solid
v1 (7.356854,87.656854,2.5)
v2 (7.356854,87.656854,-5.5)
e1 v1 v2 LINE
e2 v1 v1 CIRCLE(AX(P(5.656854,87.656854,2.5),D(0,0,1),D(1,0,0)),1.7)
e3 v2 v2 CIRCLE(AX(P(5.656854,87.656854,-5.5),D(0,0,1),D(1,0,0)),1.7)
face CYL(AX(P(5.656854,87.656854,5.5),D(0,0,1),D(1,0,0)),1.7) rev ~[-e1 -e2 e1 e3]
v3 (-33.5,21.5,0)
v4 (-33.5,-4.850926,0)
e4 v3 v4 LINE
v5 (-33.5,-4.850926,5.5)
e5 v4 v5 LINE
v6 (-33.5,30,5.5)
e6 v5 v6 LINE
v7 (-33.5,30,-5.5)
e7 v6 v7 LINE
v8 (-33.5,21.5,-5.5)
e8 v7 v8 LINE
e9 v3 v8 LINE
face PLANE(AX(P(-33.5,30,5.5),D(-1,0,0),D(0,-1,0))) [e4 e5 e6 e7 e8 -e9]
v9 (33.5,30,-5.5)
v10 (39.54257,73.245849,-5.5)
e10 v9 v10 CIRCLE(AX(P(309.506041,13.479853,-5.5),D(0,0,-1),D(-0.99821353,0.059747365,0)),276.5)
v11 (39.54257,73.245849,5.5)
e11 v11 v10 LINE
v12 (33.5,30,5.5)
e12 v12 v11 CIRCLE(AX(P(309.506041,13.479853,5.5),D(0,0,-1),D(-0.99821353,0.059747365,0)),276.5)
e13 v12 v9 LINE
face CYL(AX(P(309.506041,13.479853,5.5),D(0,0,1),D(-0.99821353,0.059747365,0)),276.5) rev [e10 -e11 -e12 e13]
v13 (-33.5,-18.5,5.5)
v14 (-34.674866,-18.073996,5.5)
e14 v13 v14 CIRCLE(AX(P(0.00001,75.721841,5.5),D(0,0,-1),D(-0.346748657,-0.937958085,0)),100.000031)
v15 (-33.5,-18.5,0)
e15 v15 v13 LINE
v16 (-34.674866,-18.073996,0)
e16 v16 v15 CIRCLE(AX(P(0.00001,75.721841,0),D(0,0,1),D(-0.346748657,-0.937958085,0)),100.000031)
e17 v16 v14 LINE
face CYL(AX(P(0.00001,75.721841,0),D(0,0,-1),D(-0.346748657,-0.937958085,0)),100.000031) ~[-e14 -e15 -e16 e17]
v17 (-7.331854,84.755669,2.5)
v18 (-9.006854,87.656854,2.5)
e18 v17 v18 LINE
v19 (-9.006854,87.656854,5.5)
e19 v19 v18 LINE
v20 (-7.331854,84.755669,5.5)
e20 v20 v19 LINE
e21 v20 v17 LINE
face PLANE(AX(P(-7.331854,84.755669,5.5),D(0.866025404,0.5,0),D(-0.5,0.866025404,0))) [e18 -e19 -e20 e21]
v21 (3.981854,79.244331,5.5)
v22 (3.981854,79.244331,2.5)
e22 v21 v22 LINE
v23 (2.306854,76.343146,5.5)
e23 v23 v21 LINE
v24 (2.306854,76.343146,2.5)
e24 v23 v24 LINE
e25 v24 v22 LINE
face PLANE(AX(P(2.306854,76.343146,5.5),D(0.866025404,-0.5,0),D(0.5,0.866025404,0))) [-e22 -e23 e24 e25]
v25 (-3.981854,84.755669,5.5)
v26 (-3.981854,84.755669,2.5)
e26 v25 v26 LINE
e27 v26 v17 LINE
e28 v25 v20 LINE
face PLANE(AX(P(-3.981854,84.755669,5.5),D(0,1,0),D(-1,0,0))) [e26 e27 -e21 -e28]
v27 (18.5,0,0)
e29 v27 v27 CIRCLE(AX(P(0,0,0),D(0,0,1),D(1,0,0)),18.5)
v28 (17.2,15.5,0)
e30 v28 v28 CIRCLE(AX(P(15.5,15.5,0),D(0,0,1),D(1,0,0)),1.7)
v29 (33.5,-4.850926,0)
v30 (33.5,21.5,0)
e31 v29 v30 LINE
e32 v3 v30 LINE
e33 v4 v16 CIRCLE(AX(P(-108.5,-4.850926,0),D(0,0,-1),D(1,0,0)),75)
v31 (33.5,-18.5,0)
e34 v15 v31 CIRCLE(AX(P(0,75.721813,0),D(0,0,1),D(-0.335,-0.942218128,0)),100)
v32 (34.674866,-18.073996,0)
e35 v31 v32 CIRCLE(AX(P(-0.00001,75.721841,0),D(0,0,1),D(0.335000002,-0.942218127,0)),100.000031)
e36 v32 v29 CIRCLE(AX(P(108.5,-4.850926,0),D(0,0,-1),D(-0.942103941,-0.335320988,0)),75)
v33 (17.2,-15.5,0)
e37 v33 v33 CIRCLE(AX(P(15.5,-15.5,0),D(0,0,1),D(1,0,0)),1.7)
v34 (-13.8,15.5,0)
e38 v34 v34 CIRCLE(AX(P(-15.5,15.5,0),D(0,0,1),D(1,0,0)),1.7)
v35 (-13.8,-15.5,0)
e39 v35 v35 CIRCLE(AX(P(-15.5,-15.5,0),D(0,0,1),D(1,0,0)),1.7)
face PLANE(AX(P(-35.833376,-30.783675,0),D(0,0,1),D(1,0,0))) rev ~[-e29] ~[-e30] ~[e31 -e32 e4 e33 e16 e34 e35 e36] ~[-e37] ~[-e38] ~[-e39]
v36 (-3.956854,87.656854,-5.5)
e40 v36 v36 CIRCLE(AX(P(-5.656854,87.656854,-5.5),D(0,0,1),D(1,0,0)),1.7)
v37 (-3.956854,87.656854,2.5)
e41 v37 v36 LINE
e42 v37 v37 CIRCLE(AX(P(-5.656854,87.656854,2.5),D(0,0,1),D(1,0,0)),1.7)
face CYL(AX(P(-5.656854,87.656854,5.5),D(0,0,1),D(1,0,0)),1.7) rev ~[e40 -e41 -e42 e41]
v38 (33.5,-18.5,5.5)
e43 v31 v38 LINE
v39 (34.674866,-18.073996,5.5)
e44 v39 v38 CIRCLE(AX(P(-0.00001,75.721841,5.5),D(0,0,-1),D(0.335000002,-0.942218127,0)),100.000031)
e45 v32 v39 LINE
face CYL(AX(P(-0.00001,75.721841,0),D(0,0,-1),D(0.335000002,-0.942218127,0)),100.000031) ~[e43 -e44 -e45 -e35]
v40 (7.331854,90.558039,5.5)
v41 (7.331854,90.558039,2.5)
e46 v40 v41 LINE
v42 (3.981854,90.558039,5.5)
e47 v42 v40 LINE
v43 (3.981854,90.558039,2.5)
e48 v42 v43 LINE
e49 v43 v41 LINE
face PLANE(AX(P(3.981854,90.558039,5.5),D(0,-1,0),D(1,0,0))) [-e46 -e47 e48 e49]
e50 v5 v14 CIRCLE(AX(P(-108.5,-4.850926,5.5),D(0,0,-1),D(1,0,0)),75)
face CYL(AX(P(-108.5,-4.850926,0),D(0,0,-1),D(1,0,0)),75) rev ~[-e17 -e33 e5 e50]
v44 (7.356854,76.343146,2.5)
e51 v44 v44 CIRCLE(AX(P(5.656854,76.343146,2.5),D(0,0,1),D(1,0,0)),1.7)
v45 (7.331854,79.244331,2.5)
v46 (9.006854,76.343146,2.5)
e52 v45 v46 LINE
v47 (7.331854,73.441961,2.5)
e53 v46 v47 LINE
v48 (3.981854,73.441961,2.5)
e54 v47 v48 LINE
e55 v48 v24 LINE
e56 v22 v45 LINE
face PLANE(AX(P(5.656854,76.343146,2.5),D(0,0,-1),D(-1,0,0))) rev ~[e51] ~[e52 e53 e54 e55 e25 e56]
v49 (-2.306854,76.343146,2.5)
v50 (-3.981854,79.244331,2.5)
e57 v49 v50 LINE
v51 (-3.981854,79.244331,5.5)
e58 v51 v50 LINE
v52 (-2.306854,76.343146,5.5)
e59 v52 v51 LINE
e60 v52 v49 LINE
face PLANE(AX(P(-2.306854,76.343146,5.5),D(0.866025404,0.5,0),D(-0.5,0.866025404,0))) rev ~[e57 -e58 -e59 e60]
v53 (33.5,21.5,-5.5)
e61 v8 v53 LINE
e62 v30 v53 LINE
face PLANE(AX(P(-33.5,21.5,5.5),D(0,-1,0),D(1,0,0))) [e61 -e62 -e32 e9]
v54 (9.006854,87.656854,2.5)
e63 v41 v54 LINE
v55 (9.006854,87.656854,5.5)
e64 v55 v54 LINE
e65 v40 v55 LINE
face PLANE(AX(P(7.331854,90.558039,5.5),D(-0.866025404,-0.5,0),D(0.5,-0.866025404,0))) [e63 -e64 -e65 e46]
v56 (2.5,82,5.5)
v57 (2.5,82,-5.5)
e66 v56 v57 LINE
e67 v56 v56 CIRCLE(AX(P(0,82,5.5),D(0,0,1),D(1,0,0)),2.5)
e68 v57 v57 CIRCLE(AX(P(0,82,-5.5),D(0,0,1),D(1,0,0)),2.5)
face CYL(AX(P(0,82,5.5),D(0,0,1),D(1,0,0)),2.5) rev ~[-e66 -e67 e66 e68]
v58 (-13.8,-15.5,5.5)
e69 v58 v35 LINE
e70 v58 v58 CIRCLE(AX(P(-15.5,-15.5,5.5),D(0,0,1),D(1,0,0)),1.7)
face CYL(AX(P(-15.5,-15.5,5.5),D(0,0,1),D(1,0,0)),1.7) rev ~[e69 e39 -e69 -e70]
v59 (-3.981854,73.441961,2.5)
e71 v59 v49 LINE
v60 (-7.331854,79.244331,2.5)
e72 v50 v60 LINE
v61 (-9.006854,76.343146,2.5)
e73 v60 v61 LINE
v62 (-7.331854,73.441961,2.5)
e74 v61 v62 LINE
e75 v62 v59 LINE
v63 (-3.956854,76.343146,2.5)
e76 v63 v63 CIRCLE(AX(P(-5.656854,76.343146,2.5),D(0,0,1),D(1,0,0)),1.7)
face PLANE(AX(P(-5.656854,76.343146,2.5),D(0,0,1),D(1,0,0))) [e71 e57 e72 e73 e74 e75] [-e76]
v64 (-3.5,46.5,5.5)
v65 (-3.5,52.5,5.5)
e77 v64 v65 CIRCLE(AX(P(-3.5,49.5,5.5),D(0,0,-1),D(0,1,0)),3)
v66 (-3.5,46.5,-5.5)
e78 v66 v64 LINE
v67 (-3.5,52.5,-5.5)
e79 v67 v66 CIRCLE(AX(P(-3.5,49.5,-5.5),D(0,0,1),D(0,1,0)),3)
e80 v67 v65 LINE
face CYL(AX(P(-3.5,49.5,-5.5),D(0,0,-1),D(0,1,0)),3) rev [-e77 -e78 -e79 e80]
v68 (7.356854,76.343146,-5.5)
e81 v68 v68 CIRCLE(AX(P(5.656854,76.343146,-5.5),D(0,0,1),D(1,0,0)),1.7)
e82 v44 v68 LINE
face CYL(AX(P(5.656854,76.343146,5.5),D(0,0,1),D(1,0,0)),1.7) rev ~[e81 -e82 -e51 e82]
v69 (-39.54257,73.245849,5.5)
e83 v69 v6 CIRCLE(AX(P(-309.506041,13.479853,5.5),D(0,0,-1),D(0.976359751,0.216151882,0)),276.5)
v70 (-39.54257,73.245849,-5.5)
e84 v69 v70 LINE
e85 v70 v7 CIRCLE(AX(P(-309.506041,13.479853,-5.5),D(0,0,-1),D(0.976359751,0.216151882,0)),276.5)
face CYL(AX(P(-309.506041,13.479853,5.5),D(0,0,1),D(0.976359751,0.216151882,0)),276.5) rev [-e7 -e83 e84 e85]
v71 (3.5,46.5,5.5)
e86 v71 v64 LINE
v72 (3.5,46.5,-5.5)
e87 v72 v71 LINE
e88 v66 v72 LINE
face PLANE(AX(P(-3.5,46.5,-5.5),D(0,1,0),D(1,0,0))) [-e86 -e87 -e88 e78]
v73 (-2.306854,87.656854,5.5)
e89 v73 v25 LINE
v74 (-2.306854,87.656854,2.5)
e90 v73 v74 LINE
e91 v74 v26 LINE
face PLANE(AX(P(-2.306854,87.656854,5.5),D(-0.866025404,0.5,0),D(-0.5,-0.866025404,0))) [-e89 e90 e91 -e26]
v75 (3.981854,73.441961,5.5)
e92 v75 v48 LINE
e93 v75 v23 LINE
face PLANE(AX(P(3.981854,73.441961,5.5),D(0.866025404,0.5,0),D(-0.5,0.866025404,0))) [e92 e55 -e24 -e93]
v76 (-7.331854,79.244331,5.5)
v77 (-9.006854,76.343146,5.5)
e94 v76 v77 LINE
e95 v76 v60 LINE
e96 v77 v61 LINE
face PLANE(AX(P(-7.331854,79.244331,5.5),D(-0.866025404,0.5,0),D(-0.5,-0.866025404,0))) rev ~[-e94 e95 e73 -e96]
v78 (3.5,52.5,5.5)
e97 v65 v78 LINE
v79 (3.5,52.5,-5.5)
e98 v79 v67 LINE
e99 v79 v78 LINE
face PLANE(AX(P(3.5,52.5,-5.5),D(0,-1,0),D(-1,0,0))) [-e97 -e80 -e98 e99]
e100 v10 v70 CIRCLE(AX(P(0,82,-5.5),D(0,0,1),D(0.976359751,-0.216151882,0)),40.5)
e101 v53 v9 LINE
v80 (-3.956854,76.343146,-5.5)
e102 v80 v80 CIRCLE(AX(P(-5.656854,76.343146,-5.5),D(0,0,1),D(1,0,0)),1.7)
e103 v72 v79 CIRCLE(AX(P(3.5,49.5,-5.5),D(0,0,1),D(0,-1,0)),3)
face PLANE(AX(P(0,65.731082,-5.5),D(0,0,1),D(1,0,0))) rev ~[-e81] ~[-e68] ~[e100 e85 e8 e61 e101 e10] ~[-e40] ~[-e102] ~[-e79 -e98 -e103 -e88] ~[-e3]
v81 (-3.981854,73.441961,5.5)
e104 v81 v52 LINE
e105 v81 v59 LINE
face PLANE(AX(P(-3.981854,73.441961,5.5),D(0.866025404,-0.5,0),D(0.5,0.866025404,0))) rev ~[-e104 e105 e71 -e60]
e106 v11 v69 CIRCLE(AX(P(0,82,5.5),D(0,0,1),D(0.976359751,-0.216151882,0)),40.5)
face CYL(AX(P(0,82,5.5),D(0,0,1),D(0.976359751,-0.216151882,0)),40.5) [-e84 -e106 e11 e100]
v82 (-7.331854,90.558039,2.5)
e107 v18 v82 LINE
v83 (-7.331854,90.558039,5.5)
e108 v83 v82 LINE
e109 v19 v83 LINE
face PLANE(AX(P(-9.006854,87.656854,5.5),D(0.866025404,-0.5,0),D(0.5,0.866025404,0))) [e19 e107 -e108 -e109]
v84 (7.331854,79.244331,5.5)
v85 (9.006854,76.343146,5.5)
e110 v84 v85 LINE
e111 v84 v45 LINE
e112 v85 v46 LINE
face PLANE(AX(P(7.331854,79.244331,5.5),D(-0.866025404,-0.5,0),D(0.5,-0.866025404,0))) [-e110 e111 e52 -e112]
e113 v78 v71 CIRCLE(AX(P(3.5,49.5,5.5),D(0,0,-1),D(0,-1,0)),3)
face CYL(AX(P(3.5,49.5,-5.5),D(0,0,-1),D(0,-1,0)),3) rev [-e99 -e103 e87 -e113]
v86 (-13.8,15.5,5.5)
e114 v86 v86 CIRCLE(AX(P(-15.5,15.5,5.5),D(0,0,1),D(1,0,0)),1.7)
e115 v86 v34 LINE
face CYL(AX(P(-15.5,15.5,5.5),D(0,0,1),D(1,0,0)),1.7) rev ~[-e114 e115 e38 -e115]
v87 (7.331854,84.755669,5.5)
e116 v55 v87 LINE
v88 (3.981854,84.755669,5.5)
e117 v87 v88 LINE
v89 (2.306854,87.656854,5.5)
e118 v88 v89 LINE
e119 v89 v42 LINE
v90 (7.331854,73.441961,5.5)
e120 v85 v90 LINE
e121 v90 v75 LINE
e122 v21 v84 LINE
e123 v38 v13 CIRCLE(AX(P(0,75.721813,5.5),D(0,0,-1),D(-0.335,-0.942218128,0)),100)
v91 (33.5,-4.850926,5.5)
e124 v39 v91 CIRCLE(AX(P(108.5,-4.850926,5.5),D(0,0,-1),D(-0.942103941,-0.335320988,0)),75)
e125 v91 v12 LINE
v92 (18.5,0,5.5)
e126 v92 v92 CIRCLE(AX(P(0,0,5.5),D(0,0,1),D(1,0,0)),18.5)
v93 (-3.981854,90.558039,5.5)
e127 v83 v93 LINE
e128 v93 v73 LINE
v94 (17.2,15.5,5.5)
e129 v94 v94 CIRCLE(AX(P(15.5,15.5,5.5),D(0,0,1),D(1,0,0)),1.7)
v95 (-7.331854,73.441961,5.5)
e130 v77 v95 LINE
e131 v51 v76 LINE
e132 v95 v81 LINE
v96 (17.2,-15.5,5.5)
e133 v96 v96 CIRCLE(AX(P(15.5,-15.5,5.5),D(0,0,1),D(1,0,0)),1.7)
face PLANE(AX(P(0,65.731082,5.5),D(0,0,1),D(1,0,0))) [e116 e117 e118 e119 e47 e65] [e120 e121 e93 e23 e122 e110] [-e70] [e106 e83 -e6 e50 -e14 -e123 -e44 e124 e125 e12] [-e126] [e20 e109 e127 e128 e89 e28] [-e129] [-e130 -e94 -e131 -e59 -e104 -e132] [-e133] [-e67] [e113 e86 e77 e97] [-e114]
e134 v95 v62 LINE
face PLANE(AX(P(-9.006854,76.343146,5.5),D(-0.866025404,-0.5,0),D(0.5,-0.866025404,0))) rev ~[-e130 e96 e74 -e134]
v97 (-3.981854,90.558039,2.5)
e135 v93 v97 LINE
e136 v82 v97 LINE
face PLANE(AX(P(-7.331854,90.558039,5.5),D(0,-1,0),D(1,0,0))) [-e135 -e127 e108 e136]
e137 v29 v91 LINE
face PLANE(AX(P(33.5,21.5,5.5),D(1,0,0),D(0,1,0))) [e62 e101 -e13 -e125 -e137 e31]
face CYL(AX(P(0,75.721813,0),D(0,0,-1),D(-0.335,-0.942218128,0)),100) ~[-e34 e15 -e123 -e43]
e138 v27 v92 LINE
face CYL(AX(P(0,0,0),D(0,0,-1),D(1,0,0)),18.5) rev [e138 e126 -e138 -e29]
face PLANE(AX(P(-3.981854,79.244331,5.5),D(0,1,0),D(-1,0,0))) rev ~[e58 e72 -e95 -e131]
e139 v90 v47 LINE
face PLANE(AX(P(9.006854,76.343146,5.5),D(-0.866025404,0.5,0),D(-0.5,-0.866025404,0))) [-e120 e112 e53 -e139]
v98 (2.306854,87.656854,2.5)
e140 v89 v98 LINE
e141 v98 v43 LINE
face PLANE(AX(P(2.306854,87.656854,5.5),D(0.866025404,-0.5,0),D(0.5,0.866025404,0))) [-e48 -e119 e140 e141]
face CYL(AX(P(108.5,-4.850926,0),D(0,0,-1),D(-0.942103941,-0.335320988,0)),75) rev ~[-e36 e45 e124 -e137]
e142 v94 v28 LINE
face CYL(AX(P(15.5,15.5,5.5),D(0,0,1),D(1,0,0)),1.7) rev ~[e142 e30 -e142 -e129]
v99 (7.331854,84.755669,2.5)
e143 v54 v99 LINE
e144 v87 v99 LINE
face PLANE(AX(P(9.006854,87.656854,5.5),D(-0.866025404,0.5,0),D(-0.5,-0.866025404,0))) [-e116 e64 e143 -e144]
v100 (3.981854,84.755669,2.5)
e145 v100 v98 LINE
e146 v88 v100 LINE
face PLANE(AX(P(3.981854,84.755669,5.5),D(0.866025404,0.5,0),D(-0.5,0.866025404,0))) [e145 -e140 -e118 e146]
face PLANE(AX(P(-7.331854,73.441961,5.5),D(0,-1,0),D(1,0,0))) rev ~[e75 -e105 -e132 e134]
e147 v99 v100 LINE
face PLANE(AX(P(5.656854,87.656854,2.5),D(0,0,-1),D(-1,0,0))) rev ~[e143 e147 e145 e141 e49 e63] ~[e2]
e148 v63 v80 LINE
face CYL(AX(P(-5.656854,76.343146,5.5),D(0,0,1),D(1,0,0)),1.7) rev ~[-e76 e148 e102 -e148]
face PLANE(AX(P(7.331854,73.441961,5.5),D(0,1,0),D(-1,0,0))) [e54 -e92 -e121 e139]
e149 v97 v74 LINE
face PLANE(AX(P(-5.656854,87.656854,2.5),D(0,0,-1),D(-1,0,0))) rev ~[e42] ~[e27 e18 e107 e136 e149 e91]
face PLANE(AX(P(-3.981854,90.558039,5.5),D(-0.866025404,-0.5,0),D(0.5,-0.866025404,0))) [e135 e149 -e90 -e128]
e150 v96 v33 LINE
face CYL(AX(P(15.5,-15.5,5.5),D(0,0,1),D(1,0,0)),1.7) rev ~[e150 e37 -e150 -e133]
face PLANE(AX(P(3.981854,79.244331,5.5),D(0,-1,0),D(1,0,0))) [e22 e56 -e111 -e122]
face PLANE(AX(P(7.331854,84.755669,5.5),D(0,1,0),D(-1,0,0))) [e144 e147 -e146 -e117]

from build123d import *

# Parameters (mm, degrees)
SKETCH1_W           = 43
SKETCH1_H           = 43
SKETCH1_R           = 18.5
BOSS_EXTRUDE1_DEPTH = 5.5
SKETCH2_R           = 1.7
SKETCH2_R_2         = 2.5
BOSS_EXTRUDE2_DEPTH = 11
SKETCH3_R           = 1.7
CUT_EXTRUDE1_DEPTH  = 134.376282332
CUT_EXTRUDE11_DEPTH = 10
CUT_EXTRUDE12_DEPTH = 3
CUT_EXTRUDE13_DEPTH = 130.489381804


with BuildPart() as part:
    # Sketch1 → Boss-Extrude1 (new body)
    # profile 1 of 10: a face of its own
    with BuildSketch(Plane.XY):
        with BuildLine():
            Line((-33.5, -30), (-33.5, -4.850925931))
            ThreePointArc((-33.5, -4.850925931), (-34.593523061, -17.611516296), (-37.84220444, -30))
            Line((-37.84220444, -30), (-33.5, -30))
        make_face()
    # profile 2 of 10: a face of its own
    with BuildSketch(Plane.XY):
        Polygon((-21.5, -21.5), (-21.5, 21.5), (-33.5, 21.5), (-33.5, -4.850925931), (-33.5, -30), (0, -30), (33.5, -30), (33.5, -4.850925931), (33.5, 21.5), (21.5, 21.5), (21.5, -21.5), align=None)
    # profile 3 of 10: a face of its own
    with BuildSketch(Plane.XY):
        with BuildLine():
            ThreePointArc((37.84220444, -30), (34.593523061, -17.611516296), (33.5, -4.850925931))
            Line((33.5, -4.850925931), (33.5, -30))
            Line((33.5, -30), (37.84220444, -30))
        make_face()
    # profile 4 of 10: a face of its own
    with BuildSketch(Plane.XY):
        Rectangle(SKETCH1_W, SKETCH1_H)
        Circle(SKETCH1_R, mode=Mode.SUBTRACT)
    # profile 5 of 10: a face of its own
    with BuildSketch(Plane.XY):
        with BuildLine():
            Line((38.394173914, -31.5), (33.5, -31.5))
            Line((33.5, -31.5), (14.203872711, -31.5))
            ThreePointArc((14.203872711, -31.5), (34.722076366, -39.533108404), (51.594405594, -53.705335408))
            ThreePointArc((51.594405594, -53.705335408), (44.031058144, -43.175272448), (38.394173914, -31.5))
        make_face()
    # profile 6 of 10: a face of its own
    with BuildSketch(Plane.XY):
        with BuildLine():
            Line((-14.203872711, -31.5), (-33.5, -31.5))
            Line((-33.5, -31.5), (-38.394173914, -31.5))
            ThreePointArc((-38.394173914, -31.5), (-44.031058144, -43.175272448), (-51.594405594, -53.705335408))
            ThreePointArc((-51.594405594, -53.705335408), (-34.722076366, -39.533108404), (-14.203872711, -31.5))
        make_face()
    # profile 7 of 10: a face of its own
    with BuildSketch(Plane.XY):
        with BuildLine():
            Line((0, -30), (-33.5, -30))
            Line((-33.5, -30), (-33.5, -31.5))
            Line((-33.5, -31.5), (-14.203872711, -31.5))
            ThreePointArc((-14.203872711, -31.5), (-7.141428429, -30.376039749), (0, -30))
        make_face()
    # profile 8 of 10: a face of its own
    with BuildSketch(Plane.XY):
        with BuildLine():
            Line((33.5, -31.5), (33.5, -30))
            Line((33.5, -30), (0, -30))
            ThreePointArc((0, -30), (7.141428429, -30.376039749), (14.203872711, -31.5))
            Line((14.203872711, -31.5), (33.5, -31.5))
        make_face()
    # profile 9 of 10: a face of its own
    with BuildSketch(Plane.XY):
        with BuildLine():
            Line((37.84220444, -30), (33.5, -30))
            Line((33.5, -30), (33.5, -31.5))
            Line((33.5, -31.5), (38.394173914, -31.5))
            ThreePointArc((38.394173914, -31.5), (38.114193229, -30.751470427), (37.84220444, -30))
        make_face()
    # profile 10 of 10: a face of its own
    with BuildSketch(Plane.XY):
        with BuildLine():
            Line((-33.5, -31.5), (-33.5, -30))
            Line((-33.5, -30), (-37.84220444, -30))
            ThreePointArc((-37.84220444, -30), (-38.114193229, -30.751470427), (-38.394173914, -31.5))
            Line((-38.394173914, -31.5), (-33.5, -31.5))
        make_face()
    extrude(amount=BOSS_EXTRUDE1_DEPTH)

    # Sketch2 → Boss-Extrude2 (add)
    with BuildSketch(Plane.XY.offset(5.5)):
        with BuildLine():
            Line((-33.5, 30), (-33.5, 21.5))
            Line((-33.5, 21.5), (33.5, 21.5))
            Line((33.5, 21.5), (33.5, 30))
            ThreePointArc((33.5, 30), (35.66625593, 51.742394188), (39.542569928, 73.245848783))
            ThreePointArc((39.542569928, 73.245848783), (0, 122.5), (-39.542569928, 73.245848783))
            ThreePointArc((-39.542569928, 73.245848783), (-35.66625593, 51.742394188), (-33.5, 30))
        make_face()
        with Locations((-5.656854249, 76.343145751)):
            Circle(SKETCH2_R, mode=Mode.SUBTRACT)
        with Locations((5.656854249, 76.343145751)):
            Circle(SKETCH2_R, mode=Mode.SUBTRACT)
        with Locations((0, 82)):
            Circle(SKETCH2_R_2, mode=Mode.SUBTRACT)
        with Locations((-5.656854249, 87.656854249)):
            Circle(SKETCH2_R, mode=Mode.SUBTRACT)
        with Locations((5.656854249, 87.656854249)):
            Circle(SKETCH2_R, mode=Mode.SUBTRACT)
    extrude(amount=-BOSS_EXTRUDE2_DEPTH)

    # Sketch3 → Cut-Extrude1 (cut, through all)
    with BuildSketch(Plane.XY.offset(5.5)):
        with Locations((-15.5, 15.5)):
            Circle(SKETCH3_R)
        with Locations((15.5, 15.5)):
            Circle(SKETCH3_R)
        with Locations((15.5, -15.5)):
            Circle(SKETCH3_R)
        with Locations((-15.5, -15.5)):
            Circle(SKETCH3_R)
    extrude(amount=-CUT_EXTRUDE1_DEPTH, mode=Mode.SUBTRACT)

    # Sketch4 → Cut-Extrude11 (cut)
    with BuildSketch(Plane(origin=(0, 0, 0), x_dir=(-1, 0, 0), z_dir=(0, 0, -1))):
        with BuildLine():
            ThreePointArc((33.5, -18.5), (0, -24.278187239), (-33.5, -18.5))
            ThreePointArc((-33.5, -18.5), (-34.088098429, -18.288833154), (-34.674865885, -18.073995652))
            ThreePointArc((-34.674865885, -18.073995652), (-40.75024769, -37.021892063), (-51.594405594, -53.705335408))
            ThreePointArc((-51.594405594, -53.705335408), (0, -30), (51.594405594, -53.705335408))
            ThreePointArc((51.594405594, -53.705335408), (40.75024769, -37.021892063), (34.674865885, -18.073995652))
            ThreePointArc((34.674865885, -18.073995652), (34.088098429, -18.288833154), (33.5, -18.5))
        make_face()
    extrude(amount=-CUT_EXTRUDE11_DEPTH, mode=Mode.SUBTRACT)

    # Sketch5 → Cut-Extrude12 (cut)
    with BuildSketch(Plane.XY.offset(5.5)):
        Polygon((-7.331854249, 90.558039352), (-3.981854249, 90.558039352), (-2.306854249, 87.656854249), (-3.981854249, 84.755669147), (-7.331854249, 84.755669147), (-9.006854249, 87.656854249), align=None)
        Polygon((3.981854249, 90.558039352), (7.331854249, 90.558039352), (9.006854249, 87.656854249), (7.331854249, 84.755669147), (3.981854249, 84.755669147), (2.306854249, 87.656854249), align=None)
        Polygon((-7.331854249, 79.244330853), (-9.006854249, 76.343145751), (-7.331854249, 73.441960648), (-3.981854249, 73.441960648), (-2.306854249, 76.343145751), (-3.981854249, 79.244330853), align=None)
        Polygon((3.981854249, 79.244330853), (7.331854249, 79.244330853), (9.006854249, 76.343145751), (7.331854249, 73.441960648), (3.981854249, 73.441960648), (2.306854249, 76.343145751), align=None)
    extrude(amount=-CUT_EXTRUDE12_DEPTH, mode=Mode.SUBTRACT)

    # Sketch6 → Cut-Extrude13 (cut, through all)
    with BuildSketch(Plane(origin=(0, 0, -5.5), x_dir=(-1, 0, 0), z_dir=(0, 0, -1))):
        with BuildLine():
            Line((3.5, 46.5), (-3.5, 46.5))
            ThreePointArc((-3.5, 46.5), (-6.5, 49.5), (-3.5, 52.5))
            Line((-3.5, 52.5), (3.5, 52.5))
            ThreePointArc((3.5, 52.5), (6.5, 49.5), (3.5, 46.5))
        make_face()
    extrude(amount=-CUT_EXTRUDE13_DEPTH, mode=Mode.SUBTRACT)


solid = part.part
